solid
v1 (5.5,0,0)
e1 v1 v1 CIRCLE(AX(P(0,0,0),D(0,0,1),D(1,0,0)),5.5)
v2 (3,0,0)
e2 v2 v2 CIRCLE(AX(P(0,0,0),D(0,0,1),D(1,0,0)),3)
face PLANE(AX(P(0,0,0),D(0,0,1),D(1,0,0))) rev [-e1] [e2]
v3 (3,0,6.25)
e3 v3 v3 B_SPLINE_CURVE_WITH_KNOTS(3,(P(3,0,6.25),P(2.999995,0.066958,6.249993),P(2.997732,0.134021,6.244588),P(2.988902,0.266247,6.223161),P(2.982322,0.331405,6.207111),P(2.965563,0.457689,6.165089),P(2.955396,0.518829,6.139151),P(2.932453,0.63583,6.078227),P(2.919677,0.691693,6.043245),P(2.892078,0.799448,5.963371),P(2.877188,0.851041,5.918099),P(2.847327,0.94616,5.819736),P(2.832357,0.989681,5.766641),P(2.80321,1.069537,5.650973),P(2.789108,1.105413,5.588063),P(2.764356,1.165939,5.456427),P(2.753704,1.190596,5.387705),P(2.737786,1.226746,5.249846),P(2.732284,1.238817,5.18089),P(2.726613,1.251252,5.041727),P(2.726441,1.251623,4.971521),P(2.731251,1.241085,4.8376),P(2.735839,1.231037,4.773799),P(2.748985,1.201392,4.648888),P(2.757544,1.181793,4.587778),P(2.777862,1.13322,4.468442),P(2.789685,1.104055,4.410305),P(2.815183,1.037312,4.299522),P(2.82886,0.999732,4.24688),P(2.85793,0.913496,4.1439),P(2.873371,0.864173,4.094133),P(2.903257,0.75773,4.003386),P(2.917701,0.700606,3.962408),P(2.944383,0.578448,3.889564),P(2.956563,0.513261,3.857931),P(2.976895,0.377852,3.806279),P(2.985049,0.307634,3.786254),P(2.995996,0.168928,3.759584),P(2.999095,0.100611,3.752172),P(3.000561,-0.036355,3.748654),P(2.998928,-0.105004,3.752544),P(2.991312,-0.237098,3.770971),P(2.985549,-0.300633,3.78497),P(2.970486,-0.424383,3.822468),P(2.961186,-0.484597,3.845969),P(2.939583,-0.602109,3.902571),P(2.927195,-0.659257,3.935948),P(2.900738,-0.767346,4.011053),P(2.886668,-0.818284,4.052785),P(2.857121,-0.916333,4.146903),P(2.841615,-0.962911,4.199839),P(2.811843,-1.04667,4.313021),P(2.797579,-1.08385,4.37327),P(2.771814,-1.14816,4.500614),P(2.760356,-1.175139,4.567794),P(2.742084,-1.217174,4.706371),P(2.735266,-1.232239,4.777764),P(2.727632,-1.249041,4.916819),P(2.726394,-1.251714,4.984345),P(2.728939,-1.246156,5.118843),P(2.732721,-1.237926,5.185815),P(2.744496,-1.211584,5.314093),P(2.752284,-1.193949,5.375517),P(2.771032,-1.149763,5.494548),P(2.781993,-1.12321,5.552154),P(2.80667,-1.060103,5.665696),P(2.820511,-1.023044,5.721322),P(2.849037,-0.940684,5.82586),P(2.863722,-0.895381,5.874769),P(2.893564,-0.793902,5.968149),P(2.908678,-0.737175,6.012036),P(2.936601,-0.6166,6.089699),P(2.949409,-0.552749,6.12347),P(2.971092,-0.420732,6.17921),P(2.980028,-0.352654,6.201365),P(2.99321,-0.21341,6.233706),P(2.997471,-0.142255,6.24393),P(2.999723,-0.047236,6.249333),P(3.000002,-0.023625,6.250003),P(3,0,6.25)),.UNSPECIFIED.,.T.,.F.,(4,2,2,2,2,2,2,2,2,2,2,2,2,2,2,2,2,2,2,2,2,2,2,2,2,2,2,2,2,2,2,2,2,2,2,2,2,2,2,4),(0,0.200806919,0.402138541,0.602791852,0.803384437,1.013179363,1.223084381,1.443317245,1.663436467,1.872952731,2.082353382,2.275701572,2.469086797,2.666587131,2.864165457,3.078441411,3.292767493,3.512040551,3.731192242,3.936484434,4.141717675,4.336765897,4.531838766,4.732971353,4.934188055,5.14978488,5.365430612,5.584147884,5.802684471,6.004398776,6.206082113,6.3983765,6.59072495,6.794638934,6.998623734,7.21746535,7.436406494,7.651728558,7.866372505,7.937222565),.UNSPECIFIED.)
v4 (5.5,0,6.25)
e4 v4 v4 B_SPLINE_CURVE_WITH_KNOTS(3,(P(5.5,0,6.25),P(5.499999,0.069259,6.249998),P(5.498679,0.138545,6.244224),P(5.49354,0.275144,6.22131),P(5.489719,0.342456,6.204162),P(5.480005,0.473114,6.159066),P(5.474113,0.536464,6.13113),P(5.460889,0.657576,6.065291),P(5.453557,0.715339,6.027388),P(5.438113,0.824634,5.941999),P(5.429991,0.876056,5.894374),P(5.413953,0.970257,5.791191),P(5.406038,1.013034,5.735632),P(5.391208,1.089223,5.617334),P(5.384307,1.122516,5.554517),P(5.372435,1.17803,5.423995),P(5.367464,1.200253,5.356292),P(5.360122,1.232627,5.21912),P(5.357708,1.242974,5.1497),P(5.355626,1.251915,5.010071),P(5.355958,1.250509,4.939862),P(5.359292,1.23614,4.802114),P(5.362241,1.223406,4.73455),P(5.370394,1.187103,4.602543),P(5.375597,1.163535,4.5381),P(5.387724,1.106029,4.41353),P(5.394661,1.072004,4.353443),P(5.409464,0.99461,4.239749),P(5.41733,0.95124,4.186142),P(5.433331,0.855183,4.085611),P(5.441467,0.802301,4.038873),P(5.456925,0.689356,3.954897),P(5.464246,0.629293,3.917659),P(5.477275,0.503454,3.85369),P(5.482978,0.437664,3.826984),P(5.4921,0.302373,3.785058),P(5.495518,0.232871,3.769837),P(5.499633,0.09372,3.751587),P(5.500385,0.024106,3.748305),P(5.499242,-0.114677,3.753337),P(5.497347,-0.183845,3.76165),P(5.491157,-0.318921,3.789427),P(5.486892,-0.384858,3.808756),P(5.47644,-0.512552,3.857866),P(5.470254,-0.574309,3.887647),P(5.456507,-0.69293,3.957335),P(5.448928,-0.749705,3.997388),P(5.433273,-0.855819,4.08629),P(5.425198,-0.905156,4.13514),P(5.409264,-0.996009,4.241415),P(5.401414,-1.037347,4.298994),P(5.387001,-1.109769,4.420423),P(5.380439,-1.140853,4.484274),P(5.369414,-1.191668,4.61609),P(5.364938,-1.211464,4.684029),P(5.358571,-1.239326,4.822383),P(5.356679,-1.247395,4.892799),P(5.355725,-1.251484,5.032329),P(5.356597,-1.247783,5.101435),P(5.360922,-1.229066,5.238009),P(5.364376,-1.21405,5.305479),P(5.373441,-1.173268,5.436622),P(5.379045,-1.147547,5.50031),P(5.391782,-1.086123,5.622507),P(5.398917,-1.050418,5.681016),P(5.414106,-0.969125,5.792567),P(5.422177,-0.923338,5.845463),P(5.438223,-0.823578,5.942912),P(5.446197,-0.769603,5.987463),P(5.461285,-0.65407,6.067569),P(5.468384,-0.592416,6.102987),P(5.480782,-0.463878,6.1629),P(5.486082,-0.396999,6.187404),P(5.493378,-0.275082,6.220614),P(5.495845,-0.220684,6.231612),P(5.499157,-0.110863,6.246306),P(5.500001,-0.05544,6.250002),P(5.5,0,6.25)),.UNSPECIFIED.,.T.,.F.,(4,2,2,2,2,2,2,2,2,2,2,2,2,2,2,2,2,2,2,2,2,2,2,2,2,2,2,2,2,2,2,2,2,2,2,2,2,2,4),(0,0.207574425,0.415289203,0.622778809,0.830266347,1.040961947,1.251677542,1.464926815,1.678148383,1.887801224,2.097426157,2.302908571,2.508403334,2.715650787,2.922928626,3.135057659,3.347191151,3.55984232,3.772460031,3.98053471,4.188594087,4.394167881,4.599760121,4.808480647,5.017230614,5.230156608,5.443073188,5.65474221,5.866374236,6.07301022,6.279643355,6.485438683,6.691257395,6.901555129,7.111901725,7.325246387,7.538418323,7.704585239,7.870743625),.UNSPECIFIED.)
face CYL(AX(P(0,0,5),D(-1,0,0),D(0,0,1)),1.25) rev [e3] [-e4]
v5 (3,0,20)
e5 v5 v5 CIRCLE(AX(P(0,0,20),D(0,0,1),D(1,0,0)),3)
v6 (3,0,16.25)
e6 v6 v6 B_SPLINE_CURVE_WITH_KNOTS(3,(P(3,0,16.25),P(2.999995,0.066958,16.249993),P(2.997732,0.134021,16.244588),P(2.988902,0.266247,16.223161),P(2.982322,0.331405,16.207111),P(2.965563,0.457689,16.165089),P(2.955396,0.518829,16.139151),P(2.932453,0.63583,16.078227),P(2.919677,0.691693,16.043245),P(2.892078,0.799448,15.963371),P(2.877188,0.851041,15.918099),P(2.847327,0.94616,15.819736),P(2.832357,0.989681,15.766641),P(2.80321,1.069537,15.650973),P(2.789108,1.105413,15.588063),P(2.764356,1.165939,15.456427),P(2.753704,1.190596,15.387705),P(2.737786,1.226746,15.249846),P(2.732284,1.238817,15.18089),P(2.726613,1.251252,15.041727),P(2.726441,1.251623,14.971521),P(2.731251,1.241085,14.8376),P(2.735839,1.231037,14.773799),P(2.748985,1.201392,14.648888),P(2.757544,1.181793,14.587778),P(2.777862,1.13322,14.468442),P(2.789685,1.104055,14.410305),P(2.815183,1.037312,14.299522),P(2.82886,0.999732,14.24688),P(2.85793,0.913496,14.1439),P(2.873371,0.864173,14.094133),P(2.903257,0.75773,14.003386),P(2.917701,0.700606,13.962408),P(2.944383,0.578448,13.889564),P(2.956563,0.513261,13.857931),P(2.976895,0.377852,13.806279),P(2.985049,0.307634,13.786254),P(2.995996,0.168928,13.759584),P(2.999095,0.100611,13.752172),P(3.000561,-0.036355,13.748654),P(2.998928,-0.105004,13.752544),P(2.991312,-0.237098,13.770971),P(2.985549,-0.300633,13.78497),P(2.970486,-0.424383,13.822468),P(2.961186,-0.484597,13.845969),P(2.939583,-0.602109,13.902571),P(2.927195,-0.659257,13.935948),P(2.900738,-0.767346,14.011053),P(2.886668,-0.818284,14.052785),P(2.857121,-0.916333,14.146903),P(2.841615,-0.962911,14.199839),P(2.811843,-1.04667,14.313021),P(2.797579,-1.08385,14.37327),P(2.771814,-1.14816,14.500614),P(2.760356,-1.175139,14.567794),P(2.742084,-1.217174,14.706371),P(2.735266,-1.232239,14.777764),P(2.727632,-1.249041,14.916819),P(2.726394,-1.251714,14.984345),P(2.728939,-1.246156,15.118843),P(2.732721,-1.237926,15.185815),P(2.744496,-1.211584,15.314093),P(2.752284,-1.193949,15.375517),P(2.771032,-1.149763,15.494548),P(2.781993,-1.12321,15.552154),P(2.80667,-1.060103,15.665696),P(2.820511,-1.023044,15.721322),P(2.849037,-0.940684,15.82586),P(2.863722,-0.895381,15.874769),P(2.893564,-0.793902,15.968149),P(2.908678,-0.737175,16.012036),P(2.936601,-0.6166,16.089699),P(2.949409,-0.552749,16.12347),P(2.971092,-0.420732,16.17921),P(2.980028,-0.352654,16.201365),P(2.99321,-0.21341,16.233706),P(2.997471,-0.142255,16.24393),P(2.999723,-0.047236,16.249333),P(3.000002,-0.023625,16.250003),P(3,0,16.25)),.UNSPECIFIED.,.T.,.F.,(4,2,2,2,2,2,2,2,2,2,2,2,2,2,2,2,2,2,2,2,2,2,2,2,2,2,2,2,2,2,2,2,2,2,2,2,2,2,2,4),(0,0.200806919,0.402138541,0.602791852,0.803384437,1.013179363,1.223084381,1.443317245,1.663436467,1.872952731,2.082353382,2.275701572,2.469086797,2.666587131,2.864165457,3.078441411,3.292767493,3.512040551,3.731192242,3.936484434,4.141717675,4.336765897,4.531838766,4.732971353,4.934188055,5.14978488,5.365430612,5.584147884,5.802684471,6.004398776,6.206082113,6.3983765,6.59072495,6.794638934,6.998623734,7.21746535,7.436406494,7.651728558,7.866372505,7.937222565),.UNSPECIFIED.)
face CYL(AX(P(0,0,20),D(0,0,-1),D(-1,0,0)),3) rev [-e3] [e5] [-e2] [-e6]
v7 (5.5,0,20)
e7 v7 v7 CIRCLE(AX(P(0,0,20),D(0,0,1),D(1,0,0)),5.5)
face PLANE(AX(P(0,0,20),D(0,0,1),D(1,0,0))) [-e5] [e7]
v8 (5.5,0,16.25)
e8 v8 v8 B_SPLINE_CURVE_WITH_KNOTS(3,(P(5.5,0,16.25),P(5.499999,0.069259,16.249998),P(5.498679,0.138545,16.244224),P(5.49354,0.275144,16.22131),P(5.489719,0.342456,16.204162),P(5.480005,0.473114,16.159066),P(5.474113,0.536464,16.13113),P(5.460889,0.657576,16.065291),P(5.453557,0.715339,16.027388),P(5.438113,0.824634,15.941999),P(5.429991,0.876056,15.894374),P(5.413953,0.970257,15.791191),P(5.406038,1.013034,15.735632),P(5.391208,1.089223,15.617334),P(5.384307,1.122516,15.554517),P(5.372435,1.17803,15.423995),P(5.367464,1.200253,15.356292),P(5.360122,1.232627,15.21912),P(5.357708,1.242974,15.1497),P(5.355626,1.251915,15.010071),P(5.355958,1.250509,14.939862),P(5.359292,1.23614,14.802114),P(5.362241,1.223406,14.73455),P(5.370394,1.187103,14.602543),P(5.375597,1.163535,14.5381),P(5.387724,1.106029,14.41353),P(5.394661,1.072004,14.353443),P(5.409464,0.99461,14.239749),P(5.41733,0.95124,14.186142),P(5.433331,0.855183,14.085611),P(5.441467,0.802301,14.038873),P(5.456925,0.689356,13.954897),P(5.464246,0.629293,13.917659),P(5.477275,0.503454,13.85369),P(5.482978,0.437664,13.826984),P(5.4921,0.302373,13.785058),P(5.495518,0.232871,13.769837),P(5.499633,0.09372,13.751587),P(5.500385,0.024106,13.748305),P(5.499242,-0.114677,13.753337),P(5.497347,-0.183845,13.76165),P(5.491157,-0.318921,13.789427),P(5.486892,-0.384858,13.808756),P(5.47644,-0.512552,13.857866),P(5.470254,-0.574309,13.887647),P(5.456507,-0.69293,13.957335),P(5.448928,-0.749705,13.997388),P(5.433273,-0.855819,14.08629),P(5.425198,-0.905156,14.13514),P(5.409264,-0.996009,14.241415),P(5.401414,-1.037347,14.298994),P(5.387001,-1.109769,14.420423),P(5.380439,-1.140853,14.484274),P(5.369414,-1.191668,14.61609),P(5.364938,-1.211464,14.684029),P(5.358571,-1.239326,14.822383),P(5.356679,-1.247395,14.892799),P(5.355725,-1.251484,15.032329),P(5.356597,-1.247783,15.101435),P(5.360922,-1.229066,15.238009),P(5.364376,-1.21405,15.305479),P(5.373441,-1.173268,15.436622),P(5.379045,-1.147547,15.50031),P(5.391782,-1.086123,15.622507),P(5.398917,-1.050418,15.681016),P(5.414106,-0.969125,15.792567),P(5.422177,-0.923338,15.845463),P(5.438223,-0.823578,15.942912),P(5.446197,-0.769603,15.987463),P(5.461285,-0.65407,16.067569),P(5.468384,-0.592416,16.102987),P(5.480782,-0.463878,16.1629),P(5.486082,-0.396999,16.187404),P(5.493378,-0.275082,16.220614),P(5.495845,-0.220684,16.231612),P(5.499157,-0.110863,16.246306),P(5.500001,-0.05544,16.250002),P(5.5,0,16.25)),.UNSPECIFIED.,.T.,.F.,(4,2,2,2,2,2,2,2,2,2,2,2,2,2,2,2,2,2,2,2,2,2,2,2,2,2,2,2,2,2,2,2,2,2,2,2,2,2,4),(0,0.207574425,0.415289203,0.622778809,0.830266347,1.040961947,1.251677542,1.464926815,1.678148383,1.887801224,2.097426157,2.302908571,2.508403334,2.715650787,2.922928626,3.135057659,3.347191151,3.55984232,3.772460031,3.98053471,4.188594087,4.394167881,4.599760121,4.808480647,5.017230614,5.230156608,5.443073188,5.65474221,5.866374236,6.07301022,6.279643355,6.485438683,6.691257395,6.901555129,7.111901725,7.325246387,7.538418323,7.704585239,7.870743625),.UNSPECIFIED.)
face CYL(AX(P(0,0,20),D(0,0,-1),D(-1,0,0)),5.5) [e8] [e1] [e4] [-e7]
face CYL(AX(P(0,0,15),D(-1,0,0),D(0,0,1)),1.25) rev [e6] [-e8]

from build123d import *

# Parameters (mm, degrees)
CROQUIS1_R                                   = 5.5
CROQUIS1_R_2                                 = 3
SALIENTE_EXTRUIR1_DEPTH                      = 20
PERFORADOR_PARA_ROSCAR_PARA_MACHO_DE_2_COUNT = 2
PERFORADOR_PARA_ROSCAR_PARA_MACHO_DE_2_PITCH = 10


with BuildPart() as part:
    # Croquis1 → Saliente-Extruir1 (new body)
    with BuildSketch(Plane.XY):
        Circle(CROQUIS1_R)
        Circle(CROQUIS1_R_2, mode=Mode.SUBTRACT)
    extrude(amount=SALIENTE_EXTRUIR1_DEPTH)

    # Croquis4 → Perforador para roscar para macho de roscar para M31 (revolve, cut)
    with BuildSketch(Plane(origin=(0, 0, 5), x_dir=(0, 0, 1), z_dir=(0, 1, 0))):
        Polygon((0, 0), (0, 5.5), (1.25, 5.5), (1.25, 0.025), (1.275, 0), align=None)
    perforador_para_roscar_para_macho_de_ros = revolve(axis=Axis((-6.35, 0, 5), (1, 0, 0)), mode=Mode.SUBTRACT)

    # Perforador para roscar para macho de 2: Perforador para roscar para macho de roscar para M31 ×2
    with Locations(*[(0, 0, i * PERFORADOR_PARA_ROSCAR_PARA_MACHO_DE_2_PITCH) for i in range(1, PERFORADOR_PARA_ROSCAR_PARA_MACHO_DE_2_COUNT)]):
        add(perforador_para_roscar_para_macho_de_ros, mode=Mode.SUBTRACT)


solid = part.part
